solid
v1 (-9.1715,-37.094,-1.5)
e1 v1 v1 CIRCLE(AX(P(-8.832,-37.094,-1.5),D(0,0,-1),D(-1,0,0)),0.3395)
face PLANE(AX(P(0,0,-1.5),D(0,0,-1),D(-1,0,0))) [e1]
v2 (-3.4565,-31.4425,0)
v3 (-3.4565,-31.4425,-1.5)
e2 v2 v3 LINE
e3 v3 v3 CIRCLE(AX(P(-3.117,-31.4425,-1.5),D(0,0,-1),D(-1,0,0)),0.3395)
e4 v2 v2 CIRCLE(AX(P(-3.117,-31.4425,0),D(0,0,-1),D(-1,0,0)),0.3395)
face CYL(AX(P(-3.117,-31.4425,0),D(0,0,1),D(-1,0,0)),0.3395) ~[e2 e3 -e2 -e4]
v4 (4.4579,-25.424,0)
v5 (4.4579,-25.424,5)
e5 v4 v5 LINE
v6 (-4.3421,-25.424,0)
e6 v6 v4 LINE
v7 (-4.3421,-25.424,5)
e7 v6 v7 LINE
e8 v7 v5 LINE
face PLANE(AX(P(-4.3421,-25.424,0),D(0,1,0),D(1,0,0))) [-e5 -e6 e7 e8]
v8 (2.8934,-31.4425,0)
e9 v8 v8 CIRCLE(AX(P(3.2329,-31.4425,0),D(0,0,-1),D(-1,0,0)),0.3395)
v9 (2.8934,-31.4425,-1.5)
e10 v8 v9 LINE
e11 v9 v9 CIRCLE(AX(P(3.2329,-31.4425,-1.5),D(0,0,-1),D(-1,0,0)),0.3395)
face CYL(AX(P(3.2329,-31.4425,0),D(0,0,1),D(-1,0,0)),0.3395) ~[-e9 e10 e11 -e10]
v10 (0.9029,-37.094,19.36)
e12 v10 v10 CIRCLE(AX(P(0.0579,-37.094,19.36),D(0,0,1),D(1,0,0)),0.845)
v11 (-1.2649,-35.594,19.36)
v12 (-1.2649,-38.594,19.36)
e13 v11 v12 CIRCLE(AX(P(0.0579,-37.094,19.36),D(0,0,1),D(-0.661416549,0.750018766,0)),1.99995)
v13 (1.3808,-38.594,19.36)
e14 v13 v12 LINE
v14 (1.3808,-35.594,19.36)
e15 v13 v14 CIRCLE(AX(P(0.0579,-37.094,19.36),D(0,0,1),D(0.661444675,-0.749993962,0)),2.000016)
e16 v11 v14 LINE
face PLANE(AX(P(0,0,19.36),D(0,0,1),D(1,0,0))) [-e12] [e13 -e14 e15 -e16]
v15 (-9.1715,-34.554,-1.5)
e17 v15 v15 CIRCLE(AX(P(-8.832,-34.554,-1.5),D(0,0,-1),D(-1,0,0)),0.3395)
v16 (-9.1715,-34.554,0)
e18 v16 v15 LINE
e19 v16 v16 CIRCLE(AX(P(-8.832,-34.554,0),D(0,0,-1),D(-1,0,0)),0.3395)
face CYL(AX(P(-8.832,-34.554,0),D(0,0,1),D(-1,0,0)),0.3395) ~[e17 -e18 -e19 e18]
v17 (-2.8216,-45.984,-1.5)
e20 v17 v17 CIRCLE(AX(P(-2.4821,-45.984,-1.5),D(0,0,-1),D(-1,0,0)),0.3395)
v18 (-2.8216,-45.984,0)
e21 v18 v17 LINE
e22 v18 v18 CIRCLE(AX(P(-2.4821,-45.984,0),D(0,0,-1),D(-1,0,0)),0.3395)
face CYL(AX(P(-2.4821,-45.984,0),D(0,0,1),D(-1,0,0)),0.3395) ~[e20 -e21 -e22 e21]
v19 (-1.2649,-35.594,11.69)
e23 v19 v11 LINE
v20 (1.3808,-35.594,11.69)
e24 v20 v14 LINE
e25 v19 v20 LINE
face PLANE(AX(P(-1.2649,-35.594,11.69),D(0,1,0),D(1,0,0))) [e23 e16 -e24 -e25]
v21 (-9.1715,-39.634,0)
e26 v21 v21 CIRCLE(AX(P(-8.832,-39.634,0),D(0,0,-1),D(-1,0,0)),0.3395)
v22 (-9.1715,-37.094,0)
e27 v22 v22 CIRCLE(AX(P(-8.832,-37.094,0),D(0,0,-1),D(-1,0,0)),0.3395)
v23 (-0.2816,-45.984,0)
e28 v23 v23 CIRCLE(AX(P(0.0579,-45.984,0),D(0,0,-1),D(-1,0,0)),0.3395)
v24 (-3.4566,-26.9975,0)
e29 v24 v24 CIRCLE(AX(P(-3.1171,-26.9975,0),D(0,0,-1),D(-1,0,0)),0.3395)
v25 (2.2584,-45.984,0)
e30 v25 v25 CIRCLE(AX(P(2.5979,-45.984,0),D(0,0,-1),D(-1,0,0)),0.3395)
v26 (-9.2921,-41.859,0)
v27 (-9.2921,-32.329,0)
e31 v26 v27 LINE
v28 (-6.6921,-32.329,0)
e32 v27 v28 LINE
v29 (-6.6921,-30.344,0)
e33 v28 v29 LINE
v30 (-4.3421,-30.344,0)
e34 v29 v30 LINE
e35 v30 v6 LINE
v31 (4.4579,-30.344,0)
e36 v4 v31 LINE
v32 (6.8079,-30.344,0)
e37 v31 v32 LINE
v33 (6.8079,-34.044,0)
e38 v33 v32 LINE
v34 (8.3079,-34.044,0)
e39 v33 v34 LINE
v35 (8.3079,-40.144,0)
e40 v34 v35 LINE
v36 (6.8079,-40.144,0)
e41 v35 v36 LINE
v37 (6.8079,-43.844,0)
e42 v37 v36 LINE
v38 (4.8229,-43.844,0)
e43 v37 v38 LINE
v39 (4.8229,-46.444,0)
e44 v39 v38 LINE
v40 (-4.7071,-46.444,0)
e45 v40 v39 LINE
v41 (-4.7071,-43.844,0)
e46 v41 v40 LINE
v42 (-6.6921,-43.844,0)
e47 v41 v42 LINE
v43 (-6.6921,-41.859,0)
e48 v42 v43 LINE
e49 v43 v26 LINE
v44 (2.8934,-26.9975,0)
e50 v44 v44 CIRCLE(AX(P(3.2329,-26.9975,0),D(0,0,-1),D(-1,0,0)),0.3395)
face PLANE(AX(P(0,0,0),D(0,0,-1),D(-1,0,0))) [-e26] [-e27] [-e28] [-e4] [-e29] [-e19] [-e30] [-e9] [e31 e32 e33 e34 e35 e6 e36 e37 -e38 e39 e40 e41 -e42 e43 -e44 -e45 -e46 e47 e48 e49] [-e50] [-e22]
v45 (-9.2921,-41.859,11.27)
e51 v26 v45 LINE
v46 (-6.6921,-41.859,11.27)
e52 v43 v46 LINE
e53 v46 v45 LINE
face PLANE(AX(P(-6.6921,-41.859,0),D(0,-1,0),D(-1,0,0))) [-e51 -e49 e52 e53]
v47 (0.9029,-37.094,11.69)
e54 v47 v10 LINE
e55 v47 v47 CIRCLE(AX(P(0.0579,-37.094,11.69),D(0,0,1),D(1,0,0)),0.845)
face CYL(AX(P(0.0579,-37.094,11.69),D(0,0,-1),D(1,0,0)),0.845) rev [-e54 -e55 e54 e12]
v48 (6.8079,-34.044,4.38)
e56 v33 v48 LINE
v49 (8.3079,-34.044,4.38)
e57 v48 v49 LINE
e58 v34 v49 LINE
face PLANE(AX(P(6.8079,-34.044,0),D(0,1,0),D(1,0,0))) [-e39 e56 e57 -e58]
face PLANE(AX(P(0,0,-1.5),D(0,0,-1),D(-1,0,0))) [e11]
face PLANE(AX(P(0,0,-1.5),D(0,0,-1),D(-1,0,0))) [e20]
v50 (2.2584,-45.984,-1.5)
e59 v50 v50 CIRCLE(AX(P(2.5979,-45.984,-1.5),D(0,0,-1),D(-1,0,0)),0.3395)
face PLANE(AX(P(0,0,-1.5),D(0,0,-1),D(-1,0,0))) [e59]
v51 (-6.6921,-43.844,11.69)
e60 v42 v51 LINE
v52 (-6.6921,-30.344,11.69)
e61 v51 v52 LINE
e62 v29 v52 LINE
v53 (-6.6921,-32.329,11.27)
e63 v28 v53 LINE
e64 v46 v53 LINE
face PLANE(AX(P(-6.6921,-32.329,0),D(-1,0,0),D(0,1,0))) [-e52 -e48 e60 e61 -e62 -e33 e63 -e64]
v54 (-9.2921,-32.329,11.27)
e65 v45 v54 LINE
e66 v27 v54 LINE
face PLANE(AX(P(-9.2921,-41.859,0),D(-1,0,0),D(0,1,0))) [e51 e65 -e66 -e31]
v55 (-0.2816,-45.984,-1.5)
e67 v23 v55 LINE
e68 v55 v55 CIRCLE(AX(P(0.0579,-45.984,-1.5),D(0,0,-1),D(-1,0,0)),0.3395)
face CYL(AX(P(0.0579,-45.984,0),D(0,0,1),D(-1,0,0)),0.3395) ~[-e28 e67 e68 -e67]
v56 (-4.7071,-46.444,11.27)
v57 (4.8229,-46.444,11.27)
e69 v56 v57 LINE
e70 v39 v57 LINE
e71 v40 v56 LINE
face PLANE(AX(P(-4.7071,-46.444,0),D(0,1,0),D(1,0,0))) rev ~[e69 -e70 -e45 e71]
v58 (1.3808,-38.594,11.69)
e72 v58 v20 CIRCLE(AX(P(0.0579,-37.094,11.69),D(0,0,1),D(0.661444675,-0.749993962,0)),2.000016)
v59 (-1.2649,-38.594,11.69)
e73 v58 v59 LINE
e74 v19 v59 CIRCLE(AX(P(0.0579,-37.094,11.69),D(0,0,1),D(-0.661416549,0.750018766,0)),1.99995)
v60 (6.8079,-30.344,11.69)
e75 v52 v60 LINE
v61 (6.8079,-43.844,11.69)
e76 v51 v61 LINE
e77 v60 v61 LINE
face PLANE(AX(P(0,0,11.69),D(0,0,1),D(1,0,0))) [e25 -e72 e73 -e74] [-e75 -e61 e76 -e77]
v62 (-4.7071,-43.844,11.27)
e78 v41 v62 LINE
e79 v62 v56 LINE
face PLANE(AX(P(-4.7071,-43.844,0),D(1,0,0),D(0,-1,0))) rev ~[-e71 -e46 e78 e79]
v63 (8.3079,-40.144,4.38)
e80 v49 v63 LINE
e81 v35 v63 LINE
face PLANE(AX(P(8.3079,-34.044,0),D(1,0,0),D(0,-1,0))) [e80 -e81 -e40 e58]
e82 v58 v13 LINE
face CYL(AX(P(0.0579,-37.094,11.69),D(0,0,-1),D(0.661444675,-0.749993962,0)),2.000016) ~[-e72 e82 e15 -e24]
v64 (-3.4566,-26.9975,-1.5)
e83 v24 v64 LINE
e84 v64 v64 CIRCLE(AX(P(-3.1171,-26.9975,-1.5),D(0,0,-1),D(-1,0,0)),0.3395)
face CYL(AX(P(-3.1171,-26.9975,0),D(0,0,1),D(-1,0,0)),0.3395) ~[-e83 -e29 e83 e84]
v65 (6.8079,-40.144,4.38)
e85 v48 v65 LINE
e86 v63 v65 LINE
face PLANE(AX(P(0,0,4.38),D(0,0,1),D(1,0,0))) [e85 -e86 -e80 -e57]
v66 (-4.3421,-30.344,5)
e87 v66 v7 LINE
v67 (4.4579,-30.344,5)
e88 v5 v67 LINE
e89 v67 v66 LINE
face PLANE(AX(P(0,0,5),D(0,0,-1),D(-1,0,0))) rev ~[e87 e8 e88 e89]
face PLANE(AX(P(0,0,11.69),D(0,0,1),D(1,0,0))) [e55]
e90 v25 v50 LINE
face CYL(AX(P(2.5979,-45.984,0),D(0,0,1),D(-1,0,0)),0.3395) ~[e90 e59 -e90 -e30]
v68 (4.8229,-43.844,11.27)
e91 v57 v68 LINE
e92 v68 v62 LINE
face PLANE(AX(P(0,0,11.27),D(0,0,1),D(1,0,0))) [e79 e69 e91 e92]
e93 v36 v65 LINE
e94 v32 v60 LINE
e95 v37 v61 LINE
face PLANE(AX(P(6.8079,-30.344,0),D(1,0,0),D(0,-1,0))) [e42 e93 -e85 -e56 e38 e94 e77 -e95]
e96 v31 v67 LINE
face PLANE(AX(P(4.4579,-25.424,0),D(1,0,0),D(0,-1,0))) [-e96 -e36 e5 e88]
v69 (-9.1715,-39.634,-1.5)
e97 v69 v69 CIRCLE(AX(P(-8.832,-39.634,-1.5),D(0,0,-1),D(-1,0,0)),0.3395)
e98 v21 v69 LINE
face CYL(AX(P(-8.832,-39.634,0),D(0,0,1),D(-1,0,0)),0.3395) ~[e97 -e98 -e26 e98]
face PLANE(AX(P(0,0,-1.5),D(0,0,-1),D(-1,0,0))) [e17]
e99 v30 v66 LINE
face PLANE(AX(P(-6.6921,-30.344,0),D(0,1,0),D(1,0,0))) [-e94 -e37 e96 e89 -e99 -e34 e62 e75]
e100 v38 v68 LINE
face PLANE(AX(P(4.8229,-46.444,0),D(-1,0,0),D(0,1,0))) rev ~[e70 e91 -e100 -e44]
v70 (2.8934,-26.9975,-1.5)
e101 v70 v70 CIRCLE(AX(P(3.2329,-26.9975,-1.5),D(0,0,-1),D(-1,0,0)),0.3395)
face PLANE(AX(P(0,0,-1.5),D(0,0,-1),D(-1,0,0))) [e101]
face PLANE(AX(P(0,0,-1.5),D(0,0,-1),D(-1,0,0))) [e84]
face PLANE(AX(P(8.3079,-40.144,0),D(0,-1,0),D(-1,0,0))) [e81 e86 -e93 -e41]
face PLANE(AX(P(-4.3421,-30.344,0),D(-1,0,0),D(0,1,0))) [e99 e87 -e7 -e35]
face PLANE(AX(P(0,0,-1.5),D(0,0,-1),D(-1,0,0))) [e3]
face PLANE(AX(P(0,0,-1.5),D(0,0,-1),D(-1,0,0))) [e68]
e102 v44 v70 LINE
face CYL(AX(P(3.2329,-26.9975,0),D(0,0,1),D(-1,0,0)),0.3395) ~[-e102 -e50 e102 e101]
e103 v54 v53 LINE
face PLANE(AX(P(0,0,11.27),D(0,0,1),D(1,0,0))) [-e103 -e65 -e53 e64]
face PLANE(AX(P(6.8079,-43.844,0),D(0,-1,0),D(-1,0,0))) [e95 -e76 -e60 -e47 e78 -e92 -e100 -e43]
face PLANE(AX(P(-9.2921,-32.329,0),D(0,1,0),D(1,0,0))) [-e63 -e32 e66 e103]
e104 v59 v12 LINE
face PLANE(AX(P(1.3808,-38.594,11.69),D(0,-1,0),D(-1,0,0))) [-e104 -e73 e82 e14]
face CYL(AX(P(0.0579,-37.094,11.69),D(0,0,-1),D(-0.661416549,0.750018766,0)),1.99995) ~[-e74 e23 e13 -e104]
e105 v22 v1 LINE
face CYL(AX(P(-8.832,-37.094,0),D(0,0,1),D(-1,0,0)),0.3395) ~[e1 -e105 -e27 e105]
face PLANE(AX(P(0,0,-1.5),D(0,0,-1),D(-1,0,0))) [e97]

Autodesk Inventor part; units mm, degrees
sketch "Sketch1" plane through (0, 0, 0) normal (0, 0, 1) x (1, 0, 0)
  line L0 (-6.6921, -30.344) -> (6.8079, -30.344)
  line L1 (6.8079, -30.344) -> (6.8079, -43.844)
  line L2 (6.8079, -43.844) -> (-6.6921, -43.844)
  line L3 (-6.6921, -43.844) -> (-6.6921, -30.344)
  line L4 (-6.6921, -30.344) -> (6.8079, -43.844) construction
  line L5 (6.8079, -30.344) -> (-6.6921, -43.844) construction
  line L6 (-4.7071, -46.444) -> (4.8229, -46.444)
  line L7 (4.8229, -46.444) -> (4.8229, -43.844)
  line L8 (4.8229, -43.844) -> (-4.7071, -43.844)
  line L9 (-4.7071, -43.844) -> (-4.7071, -46.444)
  line L10 (-9.2921, -32.329) -> (-6.6921, -32.329)
  line L11 (-6.6921, -32.329) -> (-6.6921, -41.859)
  line L12 (-6.6921, -41.859) -> (-9.2921, -41.859)
  line L13 (-9.2921, -41.859) -> (-9.2921, -32.329)
  line L14 (6.8079, -34.044) -> (8.3079, -34.044)
  line L15 (8.3079, -34.044) -> (8.3079, -40.144)
  line L16 (8.3079, -40.144) -> (6.8079, -40.144)
  line L17 (6.8079, -40.144) -> (6.8079, -34.044)
  point P0 (0, 0)
  point P1 (0.0579, -37.094)
  point P2 (0.0579, -43.844)
  point P3 (-6.6921, -37.094)
  point P4 (-6.6921, -37.094)
  point P5 (-9.2921, -37.094)
  point P6 (6.8079, -37.094)
  point P7 (8.3079, -37.094)
  point P8 (8.3079, -37.094)
  point P9 (6.8079, -37.094)
  dimension "d0" = 13.5
  dimension "d1" = 13.5
  dimension "d3" = 9.53
  dimension "d4" = 2.6
  dimension "d7" = 2.6
  dimension "d8" = 9.53
  dimension "d19" = 1.5
  dimension "d20" = 6.1
extrude "Extrusion1" add sketch "Sketch1" along normal blind 11.69 contours L0 L1 L2 L3
ref_plane "Work Plane2" through (0, 0, 0) normal (0, 0, 1) x (1, 0, 0)
ref_plane "Work Plane3" through (0, 0, 0) normal (0, 0, 1) x (1, 0, 0)
sketch "Sketch3" plane through (0, 0, 0) normal (0, 0, 1) x (1, 0, 0)
  line L0 (-6.6921, -30.344) -> (6.8079, -30.344)
  line L1 (6.8079, -30.344) -> (6.8079, -43.844)
  line L2 (6.8079, -43.844) -> (-6.6921, -43.844)
  line L3 (-6.6921, -43.844) -> (-6.6921, -30.344)
  line L4 (-6.6921, -30.344) -> (6.8079, -43.844) construction
  line L5 (6.8079, -30.344) -> (-6.6921, -43.844) construction
  line L6 (-4.7071, -46.444) -> (4.8229, -46.444)
  line L7 (4.8229, -46.444) -> (4.8229, -43.844)
  line L8 (4.8229, -43.844) -> (-4.7071, -43.844)
  line L9 (-4.7071, -43.844) -> (-4.7071, -46.444)
  line L10 (-9.2921, -32.329) -> (-6.6921, -32.329)
  line L11 (-6.6921, -32.329) -> (-6.6921, -41.859)
  line L12 (-6.6921, -41.859) -> (-9.2921, -41.859)
  line L13 (-9.2921, -41.859) -> (-9.2921, -32.329)
  line L14 (6.8079, -34.044) -> (8.3079, -34.044)
  line L15 (8.3079, -34.044) -> (8.3079, -40.144)
  line L16 (8.3079, -40.144) -> (6.8079, -40.144)
  line L17 (6.8079, -40.144) -> (6.8079, -34.044)
  point P0 (0, 0)
  point P1 (0, 0)
  point P2 (0.0579, -37.094)
  point P3 (0.0579, -43.844)
  point P4 (-6.6921, -37.094)
  point P5 (-6.6921, -37.094)
  point P6 (-9.2921, -37.094)
  point P7 (6.8079, -37.094)
  point P8 (6.8079, -37.094)
  point P9 (8.3079, -37.094)
  point P10 (8.3079, -37.094)
  dimension "d21" = 13.5
  dimension "d22" = 13.5
  dimension "d23" = 9.53
  dimension "d24" = 2.6
  dimension "d25" = 2.6
  dimension "d26" = 9.53
  dimension "d27" = 1.5
  dimension "d28" = 6.1
extrude "Extrusion2" add sketch "Sketch3" along normal blind 11.27 contours L3 L12 L13 L10 | L2 L7 L6 L9
ref_plane "Work Plane4" through (0, 0, 0) normal (0, 0, 1) x (1, 0, 0)
sketch "Sketch4" plane through (0, 0, 0) normal (0, 0, 1) x (1, 0, 0)
  line L0 (-6.6921, -30.344) -> (6.8079, -30.344)
  line L1 (6.8079, -30.344) -> (6.8079, -43.844)
  line L2 (6.8079, -43.844) -> (-6.6921, -43.844)
  line L3 (-6.6921, -43.844) -> (-6.6921, -30.344)
  line L4 (-6.6921, -30.344) -> (6.8079, -43.844) construction
  line L5 (6.8079, -30.344) -> (-6.6921, -43.844) construction
  line L6 (-4.7071, -46.444) -> (4.8229, -46.444)
  line L7 (4.8229, -46.444) -> (4.8229, -43.844)
  line L8 (4.8229, -43.844) -> (-4.7071, -43.844)
  line L9 (-4.7071, -43.844) -> (-4.7071, -46.444)
  line L10 (-9.2921, -32.329) -> (-6.6921, -32.329)
  line L11 (-6.6921, -32.329) -> (-6.6921, -41.859)
  line L12 (-6.6921, -41.859) -> (-9.2921, -41.859)
  line L13 (-9.2921, -41.859) -> (-9.2921, -32.329)
  line L14 (6.8079, -34.044) -> (8.3079, -34.044)
  line L15 (8.3079, -34.044) -> (8.3079, -40.144)
  line L16 (8.3079, -40.144) -> (6.8079, -40.144)
  line L17 (6.8079, -40.144) -> (6.8079, -34.044)
  point P0 (0, 0)
  point P1 (0, 0)
  point P2 (0, 0)
  point P3 (6.8079, -37.094)
  point P4 (0.0579, -43.844)
  point P5 (-6.6921, -37.094)
  point P6 (0.0579, -37.094)
  point P7 (-6.6921, -37.094)
  point P8 (-9.2921, -37.094)
  point P9 (8.3079, -37.094)
  point P10 (6.8079, -37.094)
  point P11 (8.3079, -37.094)
  dimension "d31" = 13.5
  dimension "d32" = 13.5
  dimension "d33" = 9.53
  dimension "d34" = 2.6
  dimension "d35" = 2.6
  dimension "d36" = 9.53
  dimension "d37" = 1.5
  dimension "d38" = 6.1
extrude "Extrusion3" add sketch "Sketch4" along normal blind 4.38 contours L14 L15 L16 L1
sketch "Sketch5" plane through (0, 0, 11.69) normal (0, 0, 1) x (1, 0, 0)
  line L0 (-6.6921, -30.344) -> (-6.6921, -43.844) projected
  line L1 (-6.6921, -43.844) -> (6.8079, -43.844) projected
  line L2 (6.8079, -43.844) -> (6.8079, -30.344) projected
  line L3 (6.8079, -30.344) -> (-6.6921, -30.344) projected
  line L4 (6.8079, -30.344) -> (-6.6921, -30.344) projected
  line L5 (6.8079, -43.844) -> (6.8079, -40.144) projected
  line L6 (-6.6921, -30.344) -> (-6.6921, -32.329) projected
  line L7 (1.3808, -38.594) -> (-1.2649, -38.594)
  line L8 (-1.2649, -35.594) -> (1.3808, -35.594)
  arc A0 (1.3808, -38.594) -> (1.3808, -35.594) centre (0.0579, -37.094) ccw
  arc A1 (-1.2649, -35.594) -> (-1.2649, -38.594) centre (0.0579, -37.094) ccw
  circle A2 centre (0.0579, -37.094) radius 0.845
  point P0 (0, 0)
  dimension "d44" = 1.69
extrude "Extrusion4" add sketch "Sketch5" along normal blind 7.67 contours L7 A1 L8 A0
sketch "Sketch6" plane through (0, 0, 0) normal (0, 0, -1) x (-1, 0, 0)
  circle A0 centre (2.4821, -45.984) radius 0.3395 projected
  circle A1 centre (8.832, -39.634) radius 0.3395 projected
  circle A2 centre (8.832, -37.094) radius 0.3395 projected
  circle A3 centre (8.832, -34.554) radius 0.3395 projected
  circle A4 centre (-0.0579, -45.984) radius 0.3395 projected
  circle A5 centre (-2.5979, -45.984) radius 0.3395 projected
  circle A6 centre (-3.2329, -31.4425) radius 0.3395 projected
  circle A7 centre (-3.2329, -26.9975) radius 0.3395 projected
  circle A8 centre (3.117, -31.4425) radius 0.3395 projected
  circle A9 centre (3.1171, -26.9975) radius 0.3395 projected
  point P0 (0, 0)
extrude "Extrusion5" add sketch "Sketch6" along normal blind 1.5
sketch "Sketch7" plane through (0, 0, 0) normal (0, 0, -1) x (-1, 0, 0)
  line L0 (-4.4579, -30.344) -> (4.3421, -30.344)
  line L1 (4.3421, -30.344) -> (4.3421, -25.424)
  line L2 (4.3421, -25.424) -> (-4.4579, -25.424)
  line L3 (-4.4579, -25.424) -> (-4.4579, -30.344)
  line L4 (-6.8079, -30.344) -> (6.6921, -30.344) projected
  point P0 (0, 0)
  point P1 (-0.0579, -30.344)
  point P2 (-0.0579, -30.344)
  dimension "d49" = 8.8
  dimension "d50" = 4.92
extrude "Extrusion6" add sketch "Sketch7" against normal blind 5
properties part number "Joystick"
